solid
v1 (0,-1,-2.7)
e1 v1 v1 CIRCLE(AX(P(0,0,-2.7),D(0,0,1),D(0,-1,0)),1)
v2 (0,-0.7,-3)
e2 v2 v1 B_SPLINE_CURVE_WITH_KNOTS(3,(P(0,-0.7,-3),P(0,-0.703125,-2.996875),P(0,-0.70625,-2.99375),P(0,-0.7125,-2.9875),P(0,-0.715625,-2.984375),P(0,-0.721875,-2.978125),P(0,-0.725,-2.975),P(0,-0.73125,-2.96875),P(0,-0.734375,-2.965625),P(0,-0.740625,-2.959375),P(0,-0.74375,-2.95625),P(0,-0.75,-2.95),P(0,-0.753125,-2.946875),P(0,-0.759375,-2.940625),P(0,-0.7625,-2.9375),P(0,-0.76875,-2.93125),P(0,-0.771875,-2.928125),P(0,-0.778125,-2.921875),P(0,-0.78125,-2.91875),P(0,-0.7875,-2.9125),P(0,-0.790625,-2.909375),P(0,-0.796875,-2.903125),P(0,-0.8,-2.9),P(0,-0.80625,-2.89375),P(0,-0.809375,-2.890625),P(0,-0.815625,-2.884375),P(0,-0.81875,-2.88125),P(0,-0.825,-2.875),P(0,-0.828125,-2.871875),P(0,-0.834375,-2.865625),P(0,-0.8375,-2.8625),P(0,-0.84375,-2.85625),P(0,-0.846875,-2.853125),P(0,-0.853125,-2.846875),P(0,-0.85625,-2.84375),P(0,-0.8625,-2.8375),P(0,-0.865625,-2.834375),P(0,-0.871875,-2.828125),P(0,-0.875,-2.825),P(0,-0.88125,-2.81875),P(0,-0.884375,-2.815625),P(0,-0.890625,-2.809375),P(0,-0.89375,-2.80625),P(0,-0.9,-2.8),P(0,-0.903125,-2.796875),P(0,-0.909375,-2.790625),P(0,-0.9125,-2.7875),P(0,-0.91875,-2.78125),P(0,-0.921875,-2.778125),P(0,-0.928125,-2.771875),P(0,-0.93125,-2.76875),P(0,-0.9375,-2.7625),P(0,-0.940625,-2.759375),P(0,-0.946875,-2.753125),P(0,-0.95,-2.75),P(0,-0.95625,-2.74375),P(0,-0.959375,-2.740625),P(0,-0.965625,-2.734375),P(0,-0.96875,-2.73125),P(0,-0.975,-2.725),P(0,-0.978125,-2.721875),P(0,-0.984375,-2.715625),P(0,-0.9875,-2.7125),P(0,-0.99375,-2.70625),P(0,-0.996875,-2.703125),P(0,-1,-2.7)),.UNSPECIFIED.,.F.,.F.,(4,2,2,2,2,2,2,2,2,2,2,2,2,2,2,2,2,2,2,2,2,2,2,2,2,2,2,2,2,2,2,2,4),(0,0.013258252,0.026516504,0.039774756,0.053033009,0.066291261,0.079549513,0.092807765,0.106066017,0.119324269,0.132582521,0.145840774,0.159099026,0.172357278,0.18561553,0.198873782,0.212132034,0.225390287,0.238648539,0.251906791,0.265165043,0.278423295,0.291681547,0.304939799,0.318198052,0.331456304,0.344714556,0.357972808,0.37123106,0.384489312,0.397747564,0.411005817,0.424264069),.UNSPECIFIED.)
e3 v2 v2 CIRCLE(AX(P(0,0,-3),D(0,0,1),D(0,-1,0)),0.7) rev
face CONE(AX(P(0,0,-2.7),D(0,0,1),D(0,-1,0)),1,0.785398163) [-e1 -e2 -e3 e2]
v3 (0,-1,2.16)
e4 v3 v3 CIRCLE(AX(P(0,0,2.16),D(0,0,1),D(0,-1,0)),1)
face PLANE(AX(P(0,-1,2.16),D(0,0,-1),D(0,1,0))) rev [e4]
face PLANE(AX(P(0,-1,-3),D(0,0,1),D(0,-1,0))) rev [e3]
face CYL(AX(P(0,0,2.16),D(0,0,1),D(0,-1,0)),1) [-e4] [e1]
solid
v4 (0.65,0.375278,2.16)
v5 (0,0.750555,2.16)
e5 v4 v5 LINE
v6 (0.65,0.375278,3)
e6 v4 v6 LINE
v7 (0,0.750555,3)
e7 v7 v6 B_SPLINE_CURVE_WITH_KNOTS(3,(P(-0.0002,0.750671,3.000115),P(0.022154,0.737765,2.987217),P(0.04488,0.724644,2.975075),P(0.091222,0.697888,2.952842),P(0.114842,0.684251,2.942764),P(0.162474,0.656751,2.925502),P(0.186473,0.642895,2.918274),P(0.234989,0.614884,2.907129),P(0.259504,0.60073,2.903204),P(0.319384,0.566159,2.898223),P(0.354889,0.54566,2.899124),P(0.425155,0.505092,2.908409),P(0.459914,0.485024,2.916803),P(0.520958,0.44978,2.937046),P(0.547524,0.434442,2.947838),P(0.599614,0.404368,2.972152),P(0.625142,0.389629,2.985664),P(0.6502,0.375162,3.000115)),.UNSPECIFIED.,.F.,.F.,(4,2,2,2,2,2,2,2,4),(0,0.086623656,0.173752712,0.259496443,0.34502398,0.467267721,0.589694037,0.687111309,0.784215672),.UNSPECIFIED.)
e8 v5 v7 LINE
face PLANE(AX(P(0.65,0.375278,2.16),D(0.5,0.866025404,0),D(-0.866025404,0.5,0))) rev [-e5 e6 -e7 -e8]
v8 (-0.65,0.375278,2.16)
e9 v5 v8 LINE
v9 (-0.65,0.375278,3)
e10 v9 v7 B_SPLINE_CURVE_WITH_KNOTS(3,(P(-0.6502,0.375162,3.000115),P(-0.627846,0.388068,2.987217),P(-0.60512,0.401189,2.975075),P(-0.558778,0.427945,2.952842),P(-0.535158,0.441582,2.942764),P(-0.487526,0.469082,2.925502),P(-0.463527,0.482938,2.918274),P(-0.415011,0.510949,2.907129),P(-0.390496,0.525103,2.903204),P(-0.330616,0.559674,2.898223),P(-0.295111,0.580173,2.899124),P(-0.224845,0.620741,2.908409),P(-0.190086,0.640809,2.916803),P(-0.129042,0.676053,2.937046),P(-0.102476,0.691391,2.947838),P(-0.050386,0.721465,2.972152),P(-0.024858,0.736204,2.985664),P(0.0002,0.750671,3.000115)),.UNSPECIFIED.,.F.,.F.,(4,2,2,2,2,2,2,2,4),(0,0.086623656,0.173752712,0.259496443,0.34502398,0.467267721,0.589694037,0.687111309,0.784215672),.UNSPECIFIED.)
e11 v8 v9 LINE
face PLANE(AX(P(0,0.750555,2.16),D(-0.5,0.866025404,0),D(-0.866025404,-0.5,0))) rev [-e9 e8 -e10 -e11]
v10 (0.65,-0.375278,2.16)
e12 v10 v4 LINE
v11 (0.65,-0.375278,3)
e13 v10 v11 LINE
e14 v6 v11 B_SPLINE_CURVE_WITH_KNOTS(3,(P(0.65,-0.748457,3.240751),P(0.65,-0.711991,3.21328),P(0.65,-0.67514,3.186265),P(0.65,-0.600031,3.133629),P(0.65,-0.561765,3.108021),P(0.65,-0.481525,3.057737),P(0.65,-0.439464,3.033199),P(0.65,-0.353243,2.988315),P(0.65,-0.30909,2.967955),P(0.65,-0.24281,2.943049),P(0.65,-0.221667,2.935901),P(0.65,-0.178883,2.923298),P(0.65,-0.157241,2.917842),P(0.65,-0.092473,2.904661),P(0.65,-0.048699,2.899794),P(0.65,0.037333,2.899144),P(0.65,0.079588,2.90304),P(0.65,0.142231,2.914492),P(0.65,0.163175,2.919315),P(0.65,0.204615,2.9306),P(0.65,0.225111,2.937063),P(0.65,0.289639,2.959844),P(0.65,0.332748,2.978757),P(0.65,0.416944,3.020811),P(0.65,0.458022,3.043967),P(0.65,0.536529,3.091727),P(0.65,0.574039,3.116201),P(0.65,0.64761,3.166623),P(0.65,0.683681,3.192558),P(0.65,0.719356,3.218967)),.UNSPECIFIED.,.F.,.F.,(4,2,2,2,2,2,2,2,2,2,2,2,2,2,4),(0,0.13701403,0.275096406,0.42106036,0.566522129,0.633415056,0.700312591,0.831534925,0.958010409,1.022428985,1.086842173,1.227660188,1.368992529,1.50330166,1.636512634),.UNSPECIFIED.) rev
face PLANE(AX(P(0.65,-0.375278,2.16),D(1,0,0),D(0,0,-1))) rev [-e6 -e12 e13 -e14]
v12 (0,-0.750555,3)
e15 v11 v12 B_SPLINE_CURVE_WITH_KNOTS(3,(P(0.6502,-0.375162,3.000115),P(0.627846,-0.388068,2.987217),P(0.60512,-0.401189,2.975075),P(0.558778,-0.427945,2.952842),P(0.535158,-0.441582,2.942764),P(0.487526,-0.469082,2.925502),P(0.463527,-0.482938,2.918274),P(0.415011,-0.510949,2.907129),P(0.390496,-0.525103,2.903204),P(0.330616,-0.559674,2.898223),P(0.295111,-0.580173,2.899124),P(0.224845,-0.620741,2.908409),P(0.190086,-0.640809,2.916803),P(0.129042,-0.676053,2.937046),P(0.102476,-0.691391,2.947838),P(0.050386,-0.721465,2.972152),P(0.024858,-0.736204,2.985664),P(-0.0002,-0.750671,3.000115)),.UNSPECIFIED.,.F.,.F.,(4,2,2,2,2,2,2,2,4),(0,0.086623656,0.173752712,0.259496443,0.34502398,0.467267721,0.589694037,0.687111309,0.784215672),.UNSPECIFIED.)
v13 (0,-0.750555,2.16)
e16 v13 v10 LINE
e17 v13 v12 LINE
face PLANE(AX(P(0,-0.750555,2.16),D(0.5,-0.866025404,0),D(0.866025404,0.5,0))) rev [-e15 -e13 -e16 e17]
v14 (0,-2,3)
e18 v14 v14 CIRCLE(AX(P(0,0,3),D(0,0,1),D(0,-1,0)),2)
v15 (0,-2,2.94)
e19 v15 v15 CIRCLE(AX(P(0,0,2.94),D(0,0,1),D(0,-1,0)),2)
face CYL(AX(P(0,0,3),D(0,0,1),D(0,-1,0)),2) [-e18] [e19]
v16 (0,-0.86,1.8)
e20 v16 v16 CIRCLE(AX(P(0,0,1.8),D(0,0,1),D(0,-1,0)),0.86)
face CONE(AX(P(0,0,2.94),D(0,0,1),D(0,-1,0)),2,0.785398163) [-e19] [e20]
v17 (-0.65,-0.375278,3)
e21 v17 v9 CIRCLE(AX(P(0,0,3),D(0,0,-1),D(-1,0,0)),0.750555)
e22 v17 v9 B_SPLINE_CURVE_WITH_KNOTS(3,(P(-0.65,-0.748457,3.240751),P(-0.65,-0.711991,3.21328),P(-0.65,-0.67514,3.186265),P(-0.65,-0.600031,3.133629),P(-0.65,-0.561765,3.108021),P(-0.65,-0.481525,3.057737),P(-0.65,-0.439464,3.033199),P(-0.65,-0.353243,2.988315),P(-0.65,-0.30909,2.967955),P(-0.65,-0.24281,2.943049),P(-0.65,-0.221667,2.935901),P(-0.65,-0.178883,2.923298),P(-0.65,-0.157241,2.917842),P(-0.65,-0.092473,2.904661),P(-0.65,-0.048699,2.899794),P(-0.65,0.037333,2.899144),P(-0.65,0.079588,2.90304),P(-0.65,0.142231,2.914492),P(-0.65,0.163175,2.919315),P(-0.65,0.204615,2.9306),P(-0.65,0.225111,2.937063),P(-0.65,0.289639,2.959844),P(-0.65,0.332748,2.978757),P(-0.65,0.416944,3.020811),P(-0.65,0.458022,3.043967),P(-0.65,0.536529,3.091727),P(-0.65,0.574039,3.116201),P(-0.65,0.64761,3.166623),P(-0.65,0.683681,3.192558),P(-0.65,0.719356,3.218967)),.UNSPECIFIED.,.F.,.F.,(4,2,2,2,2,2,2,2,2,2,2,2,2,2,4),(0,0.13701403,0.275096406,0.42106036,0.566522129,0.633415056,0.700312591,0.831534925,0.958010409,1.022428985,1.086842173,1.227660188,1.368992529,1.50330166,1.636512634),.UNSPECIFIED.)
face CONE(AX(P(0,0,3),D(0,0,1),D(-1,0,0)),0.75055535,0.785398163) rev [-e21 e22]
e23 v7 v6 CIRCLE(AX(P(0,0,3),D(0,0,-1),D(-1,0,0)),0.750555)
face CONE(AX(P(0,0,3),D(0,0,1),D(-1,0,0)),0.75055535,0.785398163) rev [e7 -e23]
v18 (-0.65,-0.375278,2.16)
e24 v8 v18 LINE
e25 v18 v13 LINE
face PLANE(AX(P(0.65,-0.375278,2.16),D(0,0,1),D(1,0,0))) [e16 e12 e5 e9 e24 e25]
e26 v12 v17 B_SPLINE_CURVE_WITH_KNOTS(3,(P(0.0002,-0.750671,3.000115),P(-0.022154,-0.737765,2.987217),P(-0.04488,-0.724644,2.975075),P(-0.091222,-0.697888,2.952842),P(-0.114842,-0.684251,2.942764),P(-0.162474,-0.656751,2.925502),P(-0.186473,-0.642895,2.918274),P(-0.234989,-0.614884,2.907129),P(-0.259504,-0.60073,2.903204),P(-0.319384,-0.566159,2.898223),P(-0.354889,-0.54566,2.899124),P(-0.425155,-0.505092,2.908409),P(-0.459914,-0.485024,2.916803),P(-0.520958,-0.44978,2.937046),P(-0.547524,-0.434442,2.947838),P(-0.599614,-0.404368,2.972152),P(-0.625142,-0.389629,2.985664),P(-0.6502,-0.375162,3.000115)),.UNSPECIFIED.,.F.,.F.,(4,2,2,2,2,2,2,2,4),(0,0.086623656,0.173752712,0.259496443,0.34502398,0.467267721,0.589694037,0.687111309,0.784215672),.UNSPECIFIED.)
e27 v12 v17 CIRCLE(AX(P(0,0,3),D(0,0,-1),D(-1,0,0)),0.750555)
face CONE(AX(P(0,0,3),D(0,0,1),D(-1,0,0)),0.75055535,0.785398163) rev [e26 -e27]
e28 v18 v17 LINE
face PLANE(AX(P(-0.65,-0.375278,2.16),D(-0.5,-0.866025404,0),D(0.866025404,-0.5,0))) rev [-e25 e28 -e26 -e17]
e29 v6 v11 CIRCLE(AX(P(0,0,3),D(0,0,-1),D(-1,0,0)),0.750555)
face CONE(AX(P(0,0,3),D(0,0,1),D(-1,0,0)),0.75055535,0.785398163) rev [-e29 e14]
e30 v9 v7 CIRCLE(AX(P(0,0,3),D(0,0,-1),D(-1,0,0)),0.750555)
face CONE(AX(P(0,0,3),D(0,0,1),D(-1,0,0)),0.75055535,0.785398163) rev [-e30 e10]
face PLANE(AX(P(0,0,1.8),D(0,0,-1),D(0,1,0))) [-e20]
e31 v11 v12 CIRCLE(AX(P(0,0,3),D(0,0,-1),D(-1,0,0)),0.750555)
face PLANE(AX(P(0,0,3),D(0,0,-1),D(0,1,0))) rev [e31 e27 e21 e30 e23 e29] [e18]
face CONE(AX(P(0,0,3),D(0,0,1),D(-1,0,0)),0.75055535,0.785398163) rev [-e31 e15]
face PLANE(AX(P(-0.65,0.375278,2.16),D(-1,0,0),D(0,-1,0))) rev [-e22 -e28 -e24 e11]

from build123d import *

# Parameters (mm, degrees)
CHAMFER1_SIZE      = 0.3
CUT_EXTRUDE2_DEPTH = 0.84


with BuildPart() as part:
    # Sketch1 → Revolve1 (revolve)
    with BuildSketch(Plane(origin=(0, 0, 0), x_dir=(0, 0, -1), z_dir=(1, 0, 0))):
        Polygon((-1.8, 1), (3, 1), (3, 0), (-2.16, 0), (-2.16, 1), align=None)
    revolve(axis=Axis((0, 0, 2.16), (0, 0, -1)))

    # Chamfer1
    chamfer1_edges = [part.edges().sort_by_distance(p)[0] for p in [
        (0, -1, -3),
    ]]
    chamfer(chamfer1_edges, length=CHAMFER1_SIZE)


with BuildPart() as body_2:
    # Sketch7 → Revolve2 (revolve)
    with BuildSketch(Plane(origin=(0, 0, 0), x_dir=(0, 0, -1), z_dir=(1, 0, 0))):
        Polygon((-2.94, 2), (-3, 2), (-3, 0), (-1.8, 0), (-1.8, 0.86), align=None)
    revolve(axis=Axis((0, 0, 3), (0, 0, -1)))

    # Sketch5 → Cut-Extrude2 (cut)
    with BuildSketch(Plane.XY.offset(3)):
        Polygon((0.65, -0.375277675), (0.65, 0.375277675), (0, 0.75055535), (-0.65, 0.375277675), (-0.65, -0.375277675), (0, -0.75055535), align=None)
    extrude(amount=-CUT_EXTRUDE2_DEPTH, mode=Mode.SUBTRACT)

    # Cut-Extrude3 cone 1 section (through the dimple's axis) → Cut-Extrude3 (revolve, cut)
    with BuildSketch(Plane(origin=(0, 0, 3), x_dir=(0, -1, 0), z_dir=(1, 0, 0))):
        Polygon((0, 0), (0.75055535, 0), (0, 0.75055535), align=None)
    revolve(axis=Axis((0, 0, 3), (0, 0, -1)), mode=Mode.SUBTRACT)


solid = Compound([part.part, body_2.part])
